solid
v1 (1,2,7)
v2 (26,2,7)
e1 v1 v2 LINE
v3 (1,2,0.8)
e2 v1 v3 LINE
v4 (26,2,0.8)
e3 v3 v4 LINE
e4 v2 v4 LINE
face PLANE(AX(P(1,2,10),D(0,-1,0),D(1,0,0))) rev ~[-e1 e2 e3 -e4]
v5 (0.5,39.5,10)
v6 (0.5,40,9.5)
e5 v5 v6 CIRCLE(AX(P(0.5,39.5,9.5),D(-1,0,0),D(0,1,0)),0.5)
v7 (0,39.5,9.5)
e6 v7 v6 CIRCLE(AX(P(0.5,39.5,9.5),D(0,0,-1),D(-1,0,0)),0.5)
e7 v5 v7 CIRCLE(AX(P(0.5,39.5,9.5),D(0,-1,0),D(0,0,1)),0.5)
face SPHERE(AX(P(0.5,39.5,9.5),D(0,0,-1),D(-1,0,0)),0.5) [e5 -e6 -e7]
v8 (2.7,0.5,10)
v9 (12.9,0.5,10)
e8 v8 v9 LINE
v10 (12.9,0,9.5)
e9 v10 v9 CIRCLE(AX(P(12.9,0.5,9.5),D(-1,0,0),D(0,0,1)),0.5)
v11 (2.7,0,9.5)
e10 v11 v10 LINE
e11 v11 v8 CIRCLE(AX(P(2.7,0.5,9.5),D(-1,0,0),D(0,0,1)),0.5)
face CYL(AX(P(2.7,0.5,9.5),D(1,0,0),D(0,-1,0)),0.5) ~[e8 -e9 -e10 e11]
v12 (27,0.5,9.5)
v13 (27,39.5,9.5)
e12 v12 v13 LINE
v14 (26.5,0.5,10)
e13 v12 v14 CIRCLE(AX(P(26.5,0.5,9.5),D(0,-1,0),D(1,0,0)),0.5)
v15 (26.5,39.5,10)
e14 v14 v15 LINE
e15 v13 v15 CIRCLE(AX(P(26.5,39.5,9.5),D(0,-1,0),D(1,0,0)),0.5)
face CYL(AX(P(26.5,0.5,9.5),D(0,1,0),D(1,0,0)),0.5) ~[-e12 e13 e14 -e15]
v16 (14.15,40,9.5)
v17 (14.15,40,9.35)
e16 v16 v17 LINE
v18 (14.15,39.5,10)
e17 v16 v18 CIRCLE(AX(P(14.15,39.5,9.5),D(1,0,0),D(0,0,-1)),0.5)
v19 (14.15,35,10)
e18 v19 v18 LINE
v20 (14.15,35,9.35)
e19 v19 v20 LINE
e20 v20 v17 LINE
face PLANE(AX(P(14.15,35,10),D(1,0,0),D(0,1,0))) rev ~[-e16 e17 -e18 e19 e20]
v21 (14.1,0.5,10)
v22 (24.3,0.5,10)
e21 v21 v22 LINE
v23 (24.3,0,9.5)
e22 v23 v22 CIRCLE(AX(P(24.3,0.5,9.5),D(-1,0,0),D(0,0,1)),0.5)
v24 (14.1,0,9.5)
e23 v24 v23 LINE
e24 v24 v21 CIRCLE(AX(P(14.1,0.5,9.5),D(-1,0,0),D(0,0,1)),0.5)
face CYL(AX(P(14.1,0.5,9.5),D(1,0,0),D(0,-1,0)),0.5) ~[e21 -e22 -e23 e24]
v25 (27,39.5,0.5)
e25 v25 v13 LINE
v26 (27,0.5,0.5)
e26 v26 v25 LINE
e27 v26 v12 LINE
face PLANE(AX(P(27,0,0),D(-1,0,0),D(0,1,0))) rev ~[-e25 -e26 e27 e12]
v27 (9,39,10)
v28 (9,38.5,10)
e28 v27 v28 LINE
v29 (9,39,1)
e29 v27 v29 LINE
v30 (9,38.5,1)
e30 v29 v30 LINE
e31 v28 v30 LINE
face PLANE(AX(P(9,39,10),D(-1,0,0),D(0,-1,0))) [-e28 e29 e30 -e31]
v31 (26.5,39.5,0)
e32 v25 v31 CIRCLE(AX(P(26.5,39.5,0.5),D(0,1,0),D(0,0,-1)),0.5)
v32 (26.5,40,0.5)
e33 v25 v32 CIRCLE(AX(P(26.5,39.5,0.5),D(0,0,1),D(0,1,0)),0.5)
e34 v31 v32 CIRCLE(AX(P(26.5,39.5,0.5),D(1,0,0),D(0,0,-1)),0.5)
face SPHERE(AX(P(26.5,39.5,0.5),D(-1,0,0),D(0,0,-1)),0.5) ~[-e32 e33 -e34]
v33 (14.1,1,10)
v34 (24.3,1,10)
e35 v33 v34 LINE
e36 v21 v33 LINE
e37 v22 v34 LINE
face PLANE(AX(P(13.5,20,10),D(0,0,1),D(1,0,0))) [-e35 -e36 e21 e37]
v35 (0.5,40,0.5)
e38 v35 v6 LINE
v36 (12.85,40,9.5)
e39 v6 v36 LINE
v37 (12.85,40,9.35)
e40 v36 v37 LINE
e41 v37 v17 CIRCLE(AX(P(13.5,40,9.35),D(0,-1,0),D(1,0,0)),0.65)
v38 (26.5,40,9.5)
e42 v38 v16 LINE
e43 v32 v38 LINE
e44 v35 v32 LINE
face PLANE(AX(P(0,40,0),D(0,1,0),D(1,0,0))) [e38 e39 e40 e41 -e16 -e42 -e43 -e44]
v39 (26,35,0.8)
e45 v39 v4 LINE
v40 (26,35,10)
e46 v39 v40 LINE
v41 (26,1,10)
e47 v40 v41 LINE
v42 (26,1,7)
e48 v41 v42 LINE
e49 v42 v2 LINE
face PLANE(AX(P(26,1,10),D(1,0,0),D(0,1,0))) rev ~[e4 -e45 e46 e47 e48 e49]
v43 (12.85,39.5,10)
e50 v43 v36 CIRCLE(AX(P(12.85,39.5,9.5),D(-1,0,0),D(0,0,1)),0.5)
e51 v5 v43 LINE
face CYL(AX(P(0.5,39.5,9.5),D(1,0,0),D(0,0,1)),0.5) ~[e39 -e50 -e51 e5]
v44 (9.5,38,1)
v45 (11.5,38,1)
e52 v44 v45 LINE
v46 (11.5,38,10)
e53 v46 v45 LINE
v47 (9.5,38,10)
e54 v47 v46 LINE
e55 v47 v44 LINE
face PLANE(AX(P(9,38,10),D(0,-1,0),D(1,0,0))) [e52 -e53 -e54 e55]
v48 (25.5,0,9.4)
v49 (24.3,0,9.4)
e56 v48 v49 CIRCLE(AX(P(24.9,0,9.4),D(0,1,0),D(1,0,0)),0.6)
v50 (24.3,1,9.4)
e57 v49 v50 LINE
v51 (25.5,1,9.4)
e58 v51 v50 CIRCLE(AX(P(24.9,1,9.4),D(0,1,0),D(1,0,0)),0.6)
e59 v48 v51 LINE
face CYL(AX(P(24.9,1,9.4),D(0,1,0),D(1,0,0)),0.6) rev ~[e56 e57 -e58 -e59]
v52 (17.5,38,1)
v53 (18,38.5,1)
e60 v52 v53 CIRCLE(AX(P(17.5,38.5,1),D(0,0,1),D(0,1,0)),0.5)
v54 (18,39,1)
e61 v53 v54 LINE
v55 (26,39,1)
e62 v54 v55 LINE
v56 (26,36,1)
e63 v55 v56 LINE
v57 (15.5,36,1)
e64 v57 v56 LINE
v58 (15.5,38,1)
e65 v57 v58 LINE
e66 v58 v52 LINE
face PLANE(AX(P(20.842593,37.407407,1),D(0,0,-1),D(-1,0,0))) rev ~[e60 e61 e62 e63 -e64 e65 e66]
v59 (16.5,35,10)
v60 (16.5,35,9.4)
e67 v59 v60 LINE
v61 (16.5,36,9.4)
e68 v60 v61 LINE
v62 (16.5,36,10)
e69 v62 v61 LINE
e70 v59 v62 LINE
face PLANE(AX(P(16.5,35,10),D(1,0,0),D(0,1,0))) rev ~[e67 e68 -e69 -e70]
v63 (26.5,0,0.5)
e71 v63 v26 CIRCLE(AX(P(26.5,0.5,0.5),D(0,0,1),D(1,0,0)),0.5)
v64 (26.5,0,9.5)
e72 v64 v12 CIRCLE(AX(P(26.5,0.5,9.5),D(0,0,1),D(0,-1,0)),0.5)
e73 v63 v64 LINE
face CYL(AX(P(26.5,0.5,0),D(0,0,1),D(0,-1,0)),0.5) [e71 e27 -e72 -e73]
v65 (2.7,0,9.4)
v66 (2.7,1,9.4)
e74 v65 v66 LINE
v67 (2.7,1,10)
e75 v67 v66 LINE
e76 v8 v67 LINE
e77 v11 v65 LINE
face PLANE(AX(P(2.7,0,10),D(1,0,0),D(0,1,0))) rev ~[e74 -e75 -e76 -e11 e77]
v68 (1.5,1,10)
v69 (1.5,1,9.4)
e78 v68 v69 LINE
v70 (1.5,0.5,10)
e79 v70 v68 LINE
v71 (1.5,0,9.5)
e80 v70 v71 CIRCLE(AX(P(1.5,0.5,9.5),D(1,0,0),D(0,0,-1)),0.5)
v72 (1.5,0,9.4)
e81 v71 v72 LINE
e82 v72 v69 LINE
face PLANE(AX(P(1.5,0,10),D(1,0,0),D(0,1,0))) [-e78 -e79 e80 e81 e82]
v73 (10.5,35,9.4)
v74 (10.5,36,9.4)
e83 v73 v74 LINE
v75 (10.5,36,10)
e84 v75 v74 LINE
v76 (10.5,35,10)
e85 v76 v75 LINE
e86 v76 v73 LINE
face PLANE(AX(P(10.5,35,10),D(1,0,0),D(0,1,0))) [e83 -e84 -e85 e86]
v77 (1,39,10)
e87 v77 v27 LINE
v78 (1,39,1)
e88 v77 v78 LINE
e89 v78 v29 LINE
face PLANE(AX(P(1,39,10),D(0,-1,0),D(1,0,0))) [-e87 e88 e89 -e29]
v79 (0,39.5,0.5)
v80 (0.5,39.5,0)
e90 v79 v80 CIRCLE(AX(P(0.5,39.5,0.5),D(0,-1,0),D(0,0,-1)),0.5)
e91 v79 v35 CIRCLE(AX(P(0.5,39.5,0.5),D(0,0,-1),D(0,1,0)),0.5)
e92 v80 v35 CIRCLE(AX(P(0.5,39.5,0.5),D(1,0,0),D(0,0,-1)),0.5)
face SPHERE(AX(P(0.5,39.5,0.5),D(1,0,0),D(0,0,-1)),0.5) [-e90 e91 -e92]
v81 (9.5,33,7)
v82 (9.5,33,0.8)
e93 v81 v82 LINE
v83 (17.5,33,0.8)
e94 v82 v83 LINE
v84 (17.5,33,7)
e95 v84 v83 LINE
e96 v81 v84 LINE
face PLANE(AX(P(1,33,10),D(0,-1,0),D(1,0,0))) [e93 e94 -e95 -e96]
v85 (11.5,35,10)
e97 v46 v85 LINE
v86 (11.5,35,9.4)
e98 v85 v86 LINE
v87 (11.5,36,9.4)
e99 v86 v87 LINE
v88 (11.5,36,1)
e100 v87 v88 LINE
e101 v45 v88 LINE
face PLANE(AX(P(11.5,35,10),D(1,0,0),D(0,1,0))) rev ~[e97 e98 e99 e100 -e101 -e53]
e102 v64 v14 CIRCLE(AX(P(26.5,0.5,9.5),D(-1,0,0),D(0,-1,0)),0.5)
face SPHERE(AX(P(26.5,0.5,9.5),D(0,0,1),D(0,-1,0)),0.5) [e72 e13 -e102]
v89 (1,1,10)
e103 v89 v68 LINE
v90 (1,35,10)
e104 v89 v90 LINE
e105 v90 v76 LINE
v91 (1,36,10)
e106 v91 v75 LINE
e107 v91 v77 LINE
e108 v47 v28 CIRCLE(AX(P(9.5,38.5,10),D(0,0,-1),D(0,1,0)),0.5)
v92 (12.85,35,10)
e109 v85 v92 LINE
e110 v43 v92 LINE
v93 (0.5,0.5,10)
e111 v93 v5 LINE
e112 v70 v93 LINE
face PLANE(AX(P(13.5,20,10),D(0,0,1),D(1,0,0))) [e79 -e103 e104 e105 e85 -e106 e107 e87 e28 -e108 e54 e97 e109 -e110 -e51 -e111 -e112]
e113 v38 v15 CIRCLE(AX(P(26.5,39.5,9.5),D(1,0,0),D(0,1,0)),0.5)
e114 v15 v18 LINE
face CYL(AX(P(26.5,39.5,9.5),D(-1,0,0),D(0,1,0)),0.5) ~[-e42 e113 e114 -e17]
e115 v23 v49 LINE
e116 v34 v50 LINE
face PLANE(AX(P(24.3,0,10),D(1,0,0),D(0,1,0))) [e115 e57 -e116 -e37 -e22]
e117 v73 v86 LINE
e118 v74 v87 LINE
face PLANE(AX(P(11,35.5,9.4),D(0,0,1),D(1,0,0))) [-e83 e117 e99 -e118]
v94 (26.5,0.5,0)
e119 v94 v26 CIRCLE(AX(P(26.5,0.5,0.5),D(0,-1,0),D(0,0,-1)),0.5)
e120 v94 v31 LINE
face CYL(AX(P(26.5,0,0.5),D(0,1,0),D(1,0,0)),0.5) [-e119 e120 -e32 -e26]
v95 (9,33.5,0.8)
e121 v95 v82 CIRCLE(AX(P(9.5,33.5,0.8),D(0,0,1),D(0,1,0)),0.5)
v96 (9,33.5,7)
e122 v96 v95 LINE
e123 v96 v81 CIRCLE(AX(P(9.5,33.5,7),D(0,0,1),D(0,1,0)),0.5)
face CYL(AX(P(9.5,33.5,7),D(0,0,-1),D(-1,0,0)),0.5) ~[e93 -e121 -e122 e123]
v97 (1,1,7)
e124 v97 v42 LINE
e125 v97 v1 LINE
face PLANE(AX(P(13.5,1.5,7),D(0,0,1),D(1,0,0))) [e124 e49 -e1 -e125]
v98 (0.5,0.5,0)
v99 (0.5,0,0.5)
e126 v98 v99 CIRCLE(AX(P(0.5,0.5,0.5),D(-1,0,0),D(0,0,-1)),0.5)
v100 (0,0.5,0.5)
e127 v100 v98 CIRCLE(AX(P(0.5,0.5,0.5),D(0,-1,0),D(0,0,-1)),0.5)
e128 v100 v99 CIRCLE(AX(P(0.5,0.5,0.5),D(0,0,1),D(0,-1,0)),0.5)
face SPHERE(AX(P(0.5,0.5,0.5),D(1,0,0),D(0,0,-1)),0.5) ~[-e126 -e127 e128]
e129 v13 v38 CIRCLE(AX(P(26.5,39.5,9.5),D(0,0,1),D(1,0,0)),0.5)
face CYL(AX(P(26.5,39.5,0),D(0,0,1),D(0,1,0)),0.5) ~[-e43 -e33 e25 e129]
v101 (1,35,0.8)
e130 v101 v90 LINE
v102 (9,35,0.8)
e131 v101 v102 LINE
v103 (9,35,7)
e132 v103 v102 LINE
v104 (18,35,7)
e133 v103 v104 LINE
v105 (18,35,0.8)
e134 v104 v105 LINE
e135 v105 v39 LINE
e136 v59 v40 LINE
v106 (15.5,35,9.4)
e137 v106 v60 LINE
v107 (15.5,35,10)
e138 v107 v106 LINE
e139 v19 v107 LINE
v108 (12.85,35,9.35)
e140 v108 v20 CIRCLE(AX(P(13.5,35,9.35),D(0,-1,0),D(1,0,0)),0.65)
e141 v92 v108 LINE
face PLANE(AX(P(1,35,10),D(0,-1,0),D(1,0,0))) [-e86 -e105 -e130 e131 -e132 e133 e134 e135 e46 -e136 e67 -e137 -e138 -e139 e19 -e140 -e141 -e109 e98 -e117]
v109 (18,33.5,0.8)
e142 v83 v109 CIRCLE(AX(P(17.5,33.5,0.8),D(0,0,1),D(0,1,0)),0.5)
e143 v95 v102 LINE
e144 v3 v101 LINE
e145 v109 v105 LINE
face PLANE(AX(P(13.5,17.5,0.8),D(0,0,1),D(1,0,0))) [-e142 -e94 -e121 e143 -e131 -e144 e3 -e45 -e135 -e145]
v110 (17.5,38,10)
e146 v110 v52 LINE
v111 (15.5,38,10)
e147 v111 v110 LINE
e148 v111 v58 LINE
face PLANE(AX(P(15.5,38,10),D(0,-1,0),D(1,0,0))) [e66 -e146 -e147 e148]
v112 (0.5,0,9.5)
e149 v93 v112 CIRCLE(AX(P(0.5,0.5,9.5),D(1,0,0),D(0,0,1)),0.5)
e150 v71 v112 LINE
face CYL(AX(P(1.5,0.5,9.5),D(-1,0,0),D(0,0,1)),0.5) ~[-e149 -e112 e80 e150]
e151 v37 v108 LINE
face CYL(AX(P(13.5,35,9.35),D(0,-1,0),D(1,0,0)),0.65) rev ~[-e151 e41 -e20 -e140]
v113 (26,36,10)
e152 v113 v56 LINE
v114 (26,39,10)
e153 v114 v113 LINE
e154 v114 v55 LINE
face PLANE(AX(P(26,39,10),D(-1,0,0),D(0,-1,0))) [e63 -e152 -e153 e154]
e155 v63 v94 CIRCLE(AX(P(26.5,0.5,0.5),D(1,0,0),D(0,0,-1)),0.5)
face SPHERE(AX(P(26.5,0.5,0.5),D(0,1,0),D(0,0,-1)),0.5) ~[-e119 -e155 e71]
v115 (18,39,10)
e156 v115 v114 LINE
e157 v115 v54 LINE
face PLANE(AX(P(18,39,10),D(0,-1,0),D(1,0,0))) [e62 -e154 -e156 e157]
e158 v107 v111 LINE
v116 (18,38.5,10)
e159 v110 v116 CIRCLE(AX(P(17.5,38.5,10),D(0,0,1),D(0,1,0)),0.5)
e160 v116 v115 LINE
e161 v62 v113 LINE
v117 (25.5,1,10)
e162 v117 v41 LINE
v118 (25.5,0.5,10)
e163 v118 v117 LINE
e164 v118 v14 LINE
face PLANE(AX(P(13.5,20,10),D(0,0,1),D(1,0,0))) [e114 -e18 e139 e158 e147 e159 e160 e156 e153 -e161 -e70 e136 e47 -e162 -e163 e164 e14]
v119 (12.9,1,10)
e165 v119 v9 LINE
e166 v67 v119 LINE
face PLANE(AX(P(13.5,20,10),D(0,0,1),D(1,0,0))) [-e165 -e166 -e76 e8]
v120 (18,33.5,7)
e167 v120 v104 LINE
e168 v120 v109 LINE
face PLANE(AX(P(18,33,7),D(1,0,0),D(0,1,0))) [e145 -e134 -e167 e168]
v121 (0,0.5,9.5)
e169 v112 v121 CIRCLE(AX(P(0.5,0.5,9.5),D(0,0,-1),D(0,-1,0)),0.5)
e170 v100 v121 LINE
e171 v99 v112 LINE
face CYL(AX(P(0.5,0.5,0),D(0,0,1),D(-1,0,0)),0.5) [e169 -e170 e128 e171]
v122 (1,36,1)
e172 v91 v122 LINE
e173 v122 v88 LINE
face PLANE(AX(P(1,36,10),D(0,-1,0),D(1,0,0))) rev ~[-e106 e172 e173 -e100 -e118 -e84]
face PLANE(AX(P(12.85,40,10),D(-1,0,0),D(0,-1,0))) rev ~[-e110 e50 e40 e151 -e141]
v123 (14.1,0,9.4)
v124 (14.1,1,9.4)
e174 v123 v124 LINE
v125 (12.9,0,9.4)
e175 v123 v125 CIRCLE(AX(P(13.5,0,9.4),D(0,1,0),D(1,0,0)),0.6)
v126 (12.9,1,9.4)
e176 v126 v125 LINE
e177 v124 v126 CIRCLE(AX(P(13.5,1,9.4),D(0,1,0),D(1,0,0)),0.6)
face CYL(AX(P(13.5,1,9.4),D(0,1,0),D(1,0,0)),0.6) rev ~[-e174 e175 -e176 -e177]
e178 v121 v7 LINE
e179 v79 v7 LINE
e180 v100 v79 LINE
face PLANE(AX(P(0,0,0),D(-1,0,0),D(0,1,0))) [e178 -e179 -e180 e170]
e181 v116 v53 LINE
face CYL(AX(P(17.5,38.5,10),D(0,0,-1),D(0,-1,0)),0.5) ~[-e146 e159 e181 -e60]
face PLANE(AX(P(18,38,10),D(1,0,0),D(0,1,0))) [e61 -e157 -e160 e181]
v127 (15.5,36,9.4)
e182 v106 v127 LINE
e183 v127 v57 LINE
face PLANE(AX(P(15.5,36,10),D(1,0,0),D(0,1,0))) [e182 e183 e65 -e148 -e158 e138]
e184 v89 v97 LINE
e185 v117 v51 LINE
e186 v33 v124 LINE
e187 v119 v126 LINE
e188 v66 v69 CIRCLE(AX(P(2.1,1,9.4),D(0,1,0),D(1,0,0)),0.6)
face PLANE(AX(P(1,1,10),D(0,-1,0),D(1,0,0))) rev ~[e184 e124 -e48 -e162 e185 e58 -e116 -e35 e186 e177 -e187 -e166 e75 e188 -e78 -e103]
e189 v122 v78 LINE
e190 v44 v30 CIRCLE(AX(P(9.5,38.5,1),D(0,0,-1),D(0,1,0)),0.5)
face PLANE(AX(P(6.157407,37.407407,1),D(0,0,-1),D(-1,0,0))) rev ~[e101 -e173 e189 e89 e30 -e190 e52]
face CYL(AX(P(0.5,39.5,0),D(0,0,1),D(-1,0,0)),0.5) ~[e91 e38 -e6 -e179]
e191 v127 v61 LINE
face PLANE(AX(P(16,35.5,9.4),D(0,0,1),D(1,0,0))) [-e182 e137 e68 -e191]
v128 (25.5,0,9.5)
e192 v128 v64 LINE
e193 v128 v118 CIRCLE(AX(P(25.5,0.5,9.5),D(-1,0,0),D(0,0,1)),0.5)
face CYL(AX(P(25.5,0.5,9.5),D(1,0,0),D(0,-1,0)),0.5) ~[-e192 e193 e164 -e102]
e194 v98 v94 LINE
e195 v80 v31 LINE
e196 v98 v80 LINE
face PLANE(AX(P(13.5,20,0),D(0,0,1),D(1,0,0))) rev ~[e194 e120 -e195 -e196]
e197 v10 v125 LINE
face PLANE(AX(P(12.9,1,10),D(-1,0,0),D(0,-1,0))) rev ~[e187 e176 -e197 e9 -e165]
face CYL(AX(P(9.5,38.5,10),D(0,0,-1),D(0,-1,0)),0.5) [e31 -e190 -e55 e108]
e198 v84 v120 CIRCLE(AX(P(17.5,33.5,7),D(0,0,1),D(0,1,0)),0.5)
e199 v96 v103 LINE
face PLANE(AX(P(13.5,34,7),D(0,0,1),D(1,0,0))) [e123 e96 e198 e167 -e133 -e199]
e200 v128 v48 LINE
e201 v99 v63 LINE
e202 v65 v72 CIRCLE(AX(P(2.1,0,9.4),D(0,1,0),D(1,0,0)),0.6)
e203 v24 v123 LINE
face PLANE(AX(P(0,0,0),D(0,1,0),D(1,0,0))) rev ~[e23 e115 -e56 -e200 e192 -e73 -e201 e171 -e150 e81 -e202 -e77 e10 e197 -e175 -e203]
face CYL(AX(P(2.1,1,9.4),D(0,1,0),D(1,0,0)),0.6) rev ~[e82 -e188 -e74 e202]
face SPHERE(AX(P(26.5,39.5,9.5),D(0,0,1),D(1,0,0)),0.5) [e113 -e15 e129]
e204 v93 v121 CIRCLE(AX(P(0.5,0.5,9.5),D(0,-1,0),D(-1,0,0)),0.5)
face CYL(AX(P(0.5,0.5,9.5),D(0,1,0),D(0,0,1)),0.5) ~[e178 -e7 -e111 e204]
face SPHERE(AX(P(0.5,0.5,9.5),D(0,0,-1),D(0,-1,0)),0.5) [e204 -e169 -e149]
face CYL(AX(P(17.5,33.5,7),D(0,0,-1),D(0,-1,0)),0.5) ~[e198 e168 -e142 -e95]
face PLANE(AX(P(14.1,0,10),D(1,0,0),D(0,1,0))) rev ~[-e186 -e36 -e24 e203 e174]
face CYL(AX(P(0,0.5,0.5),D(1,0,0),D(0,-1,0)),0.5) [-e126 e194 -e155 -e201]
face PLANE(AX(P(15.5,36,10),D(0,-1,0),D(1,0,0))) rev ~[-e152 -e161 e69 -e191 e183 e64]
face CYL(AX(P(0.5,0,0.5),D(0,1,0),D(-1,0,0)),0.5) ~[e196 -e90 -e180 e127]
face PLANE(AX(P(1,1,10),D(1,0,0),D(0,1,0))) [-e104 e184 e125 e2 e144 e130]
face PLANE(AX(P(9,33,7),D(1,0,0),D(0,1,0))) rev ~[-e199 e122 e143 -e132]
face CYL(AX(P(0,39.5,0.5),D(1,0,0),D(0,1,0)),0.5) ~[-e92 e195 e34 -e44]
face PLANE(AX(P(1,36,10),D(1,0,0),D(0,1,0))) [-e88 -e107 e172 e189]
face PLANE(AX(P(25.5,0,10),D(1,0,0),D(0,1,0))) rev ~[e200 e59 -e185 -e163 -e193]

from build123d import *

# Parameters (mm, degrees)
SKETCH_1_W           = 27
SKETCH_1_H           = 40
EXTRUDE_1_DEPTH      = 10
SKETCH_2_W           = 25
SKETCH_2_H           = 31
CUT_EXTRUDE_1_DEPTH  = 9.2
CUT_EXTRUDE_2_DEPTH  = 9
SKETCH_8_W           = 25
SKETCH_8_H           = 2
SKETCH_8_H_2         = 1
CUT_EXTRUDE_7_DEPTH  = 3
SKETCH_9_W           = 8
SKETCH_9_H           = 2
CUT_EXTRUDE_8_DEPTH  = 6.2
CUT_EXTRUDE_9_DEPTH  = 0.65
SKETCH_10_3_W        = 1.2
SKETCH_10_3_H        = 1
CUT_EXTRUDE_10_DEPTH = 0.6
SKETCH_11_R          = 0.65
CUT_EXTRUDE_11_DEPTH = 6
SKETCH_12_R          = 0.6
CUT_EXTRUDE_12_DEPTH = 2
SKETCH_13_W          = 1
SKETCH_13_H          = 1
CUT_EXTRUDE_13_DEPTH = 0.6
FILLET_1_R           = 0.5
FILLET_2_R           = 0.5
FILLET_4_R           = 0.5
FILLET_5_R           = 0.5


with BuildPart() as part:
    # Sketch 1 → Extrude 1 (new body)
    with BuildSketch(Plane.XY):
        with Locations((13.5, 20)):
            Rectangle(SKETCH_1_W, SKETCH_1_H)
    extrude(amount=EXTRUDE_1_DEPTH)

    # Sketch 2 → Cut-Extrude 1 (cut)
    with BuildSketch(Plane.XY.offset(10)):
        with Locations((13.5, 17.5)):
            Rectangle(SKETCH_2_W, SKETCH_2_H)
    extrude(amount=-CUT_EXTRUDE_1_DEPTH, mode=Mode.SUBTRACT)

    # Sketch 3 → Cut-Extrude 2 (cut)
    with BuildSketch(Plane.XY.offset(10)):
        Polygon((1, 39), (9, 39), (9, 38), (11.5, 38), (11.5, 36), (9, 36), (1, 36), align=None)
        Polygon((15.5, 36), (15.5, 38), (18, 38), (18, 39), (26, 39), (26, 36), (18, 36), align=None)
    extrude(amount=-CUT_EXTRUDE_2_DEPTH, mode=Mode.SUBTRACT)

    # Sketch 8 → Cut-Extrude 7 (cut)
    with BuildSketch(Plane.XY.offset(10)):
        with Locations((13.5, 34)):
            Rectangle(SKETCH_8_W, SKETCH_8_H)
        with Locations((13.5, 1.5)):
            Rectangle(SKETCH_8_W, SKETCH_8_H_2)
    extrude(amount=-CUT_EXTRUDE_7_DEPTH, mode=Mode.SUBTRACT)

    # Sketch 9 → Cut-Extrude 8 (cut)
    with BuildSketch(Plane.XY.offset(7)):
        with Locations((5, 34)):
            Rectangle(SKETCH_9_W, SKETCH_9_H)
        with Locations((22, 34)):
            Rectangle(SKETCH_9_W, SKETCH_9_H)
    extrude(amount=-CUT_EXTRUDE_8_DEPTH, mode=Mode.SUBTRACT)

    # Sketch 10 → Cut-Extrude 9 (cut)
    with BuildSketch(Plane.XY.offset(10)):
        Polygon((14.15, 40), (13.5, 40), (12.85, 40), (12.85, 35), (13.5, 35), (14.15, 35), align=None)
    extrude(amount=-CUT_EXTRUDE_9_DEPTH, mode=Mode.SUBTRACT)

    # Sketch 10_3 → Cut-Extrude 10 (cut)
    with BuildSketch(Plane.XY.offset(10)):
        Polygon((12.9, 0), (13.5, 0), (14.1, 0), (14.1, 1), (13.5, 1), (12.9, 1), align=None)
        with Locations((2.1, 0.5)):
            Rectangle(SKETCH_10_3_W, SKETCH_10_3_H)
        with Locations((24.9, 0.5)):
            Rectangle(SKETCH_10_3_W, SKETCH_10_3_H)
    extrude(amount=-CUT_EXTRUDE_10_DEPTH, mode=Mode.SUBTRACT)

    # Sketch 11 → Cut-Extrude 11 (cut, through all)
    with BuildSketch(Plane.XZ.offset(-35)):
        with Locations((13.5, 9.35)):
            Circle(SKETCH_11_R)
    extrude(amount=-CUT_EXTRUDE_11_DEPTH, mode=Mode.SUBTRACT)

    # Sketch 12 → Cut-Extrude 12 (cut, through all)
    with BuildSketch(Plane(origin=(0, 1, 0), x_dir=(1, 0, 0), z_dir=(0, 1, 0))):
        with Locations((13.5, -9.4)):
            Circle(SKETCH_12_R)
        with Locations((24.9, -9.4)):
            Circle(SKETCH_12_R)
        with Locations((2.1, -9.4)):
            Circle(SKETCH_12_R)
    extrude(amount=-CUT_EXTRUDE_12_DEPTH, mode=Mode.SUBTRACT)

    # Sketch 13 → Cut-Extrude 13 (cut)
    with BuildSketch(Plane.XY.offset(10)):
        with Locations((11, 35.5)):
            Rectangle(SKETCH_13_W, SKETCH_13_H)
        with Locations((16, 35.5)):
            Rectangle(SKETCH_13_W, SKETCH_13_H)
    extrude(amount=-CUT_EXTRUDE_13_DEPTH, mode=Mode.SUBTRACT)

    # Fillet 1
    fillet_1_edges = [part.edges().sort_by_distance(p)[0] for p in [
        (18, 33, 3.9),
        (9, 33, 3.9),
    ]]
    fillet(fillet_1_edges, radius=FILLET_1_R)

    # Fillet 2
    fillet_2_edges = [part.edges().sort_by_distance(p)[0] for p in [
        (13.5, 40, 0),
        (27, 20, 0),
        (13.5, 0, 0),
        (0, 20, 0),
        (0, 40, 5),
        (27, 40, 5),
        (27, 0, 5),
        (0, 0, 5),
    ]]
    fillet(fillet_2_edges, radius=FILLET_2_R)

    # Fillet 4
    fillet_4_edges = [part.edges().sort_by_distance(p)[0] for p in [
        (9, 38, 5.5),
        (18, 38, 5.5),
    ]]
    fillet(fillet_4_edges, radius=FILLET_4_R)

    # Fillet 5
    fillet_5_edges = [part.edges().sort_by_distance(p)[0] for p in [
        (6.675, 40, 10),
        (19.2, 0, 10),
        (26, 0, 10),
        (7.8, 0, 10),
        (0, 20, 10),
        (20.325, 40, 10),
        (1, 0, 10),
        (0.146446609, 0.146446609, 10),
        (0.146446609, 39.853553391, 10),
        (27, 20, 10),
        (26.853553391, 0.146446609, 10),
        (26.853553391, 39.853553391, 10),
    ]]
    fillet(fillet_5_edges, radius=FILLET_5_R)


solid = part.part
